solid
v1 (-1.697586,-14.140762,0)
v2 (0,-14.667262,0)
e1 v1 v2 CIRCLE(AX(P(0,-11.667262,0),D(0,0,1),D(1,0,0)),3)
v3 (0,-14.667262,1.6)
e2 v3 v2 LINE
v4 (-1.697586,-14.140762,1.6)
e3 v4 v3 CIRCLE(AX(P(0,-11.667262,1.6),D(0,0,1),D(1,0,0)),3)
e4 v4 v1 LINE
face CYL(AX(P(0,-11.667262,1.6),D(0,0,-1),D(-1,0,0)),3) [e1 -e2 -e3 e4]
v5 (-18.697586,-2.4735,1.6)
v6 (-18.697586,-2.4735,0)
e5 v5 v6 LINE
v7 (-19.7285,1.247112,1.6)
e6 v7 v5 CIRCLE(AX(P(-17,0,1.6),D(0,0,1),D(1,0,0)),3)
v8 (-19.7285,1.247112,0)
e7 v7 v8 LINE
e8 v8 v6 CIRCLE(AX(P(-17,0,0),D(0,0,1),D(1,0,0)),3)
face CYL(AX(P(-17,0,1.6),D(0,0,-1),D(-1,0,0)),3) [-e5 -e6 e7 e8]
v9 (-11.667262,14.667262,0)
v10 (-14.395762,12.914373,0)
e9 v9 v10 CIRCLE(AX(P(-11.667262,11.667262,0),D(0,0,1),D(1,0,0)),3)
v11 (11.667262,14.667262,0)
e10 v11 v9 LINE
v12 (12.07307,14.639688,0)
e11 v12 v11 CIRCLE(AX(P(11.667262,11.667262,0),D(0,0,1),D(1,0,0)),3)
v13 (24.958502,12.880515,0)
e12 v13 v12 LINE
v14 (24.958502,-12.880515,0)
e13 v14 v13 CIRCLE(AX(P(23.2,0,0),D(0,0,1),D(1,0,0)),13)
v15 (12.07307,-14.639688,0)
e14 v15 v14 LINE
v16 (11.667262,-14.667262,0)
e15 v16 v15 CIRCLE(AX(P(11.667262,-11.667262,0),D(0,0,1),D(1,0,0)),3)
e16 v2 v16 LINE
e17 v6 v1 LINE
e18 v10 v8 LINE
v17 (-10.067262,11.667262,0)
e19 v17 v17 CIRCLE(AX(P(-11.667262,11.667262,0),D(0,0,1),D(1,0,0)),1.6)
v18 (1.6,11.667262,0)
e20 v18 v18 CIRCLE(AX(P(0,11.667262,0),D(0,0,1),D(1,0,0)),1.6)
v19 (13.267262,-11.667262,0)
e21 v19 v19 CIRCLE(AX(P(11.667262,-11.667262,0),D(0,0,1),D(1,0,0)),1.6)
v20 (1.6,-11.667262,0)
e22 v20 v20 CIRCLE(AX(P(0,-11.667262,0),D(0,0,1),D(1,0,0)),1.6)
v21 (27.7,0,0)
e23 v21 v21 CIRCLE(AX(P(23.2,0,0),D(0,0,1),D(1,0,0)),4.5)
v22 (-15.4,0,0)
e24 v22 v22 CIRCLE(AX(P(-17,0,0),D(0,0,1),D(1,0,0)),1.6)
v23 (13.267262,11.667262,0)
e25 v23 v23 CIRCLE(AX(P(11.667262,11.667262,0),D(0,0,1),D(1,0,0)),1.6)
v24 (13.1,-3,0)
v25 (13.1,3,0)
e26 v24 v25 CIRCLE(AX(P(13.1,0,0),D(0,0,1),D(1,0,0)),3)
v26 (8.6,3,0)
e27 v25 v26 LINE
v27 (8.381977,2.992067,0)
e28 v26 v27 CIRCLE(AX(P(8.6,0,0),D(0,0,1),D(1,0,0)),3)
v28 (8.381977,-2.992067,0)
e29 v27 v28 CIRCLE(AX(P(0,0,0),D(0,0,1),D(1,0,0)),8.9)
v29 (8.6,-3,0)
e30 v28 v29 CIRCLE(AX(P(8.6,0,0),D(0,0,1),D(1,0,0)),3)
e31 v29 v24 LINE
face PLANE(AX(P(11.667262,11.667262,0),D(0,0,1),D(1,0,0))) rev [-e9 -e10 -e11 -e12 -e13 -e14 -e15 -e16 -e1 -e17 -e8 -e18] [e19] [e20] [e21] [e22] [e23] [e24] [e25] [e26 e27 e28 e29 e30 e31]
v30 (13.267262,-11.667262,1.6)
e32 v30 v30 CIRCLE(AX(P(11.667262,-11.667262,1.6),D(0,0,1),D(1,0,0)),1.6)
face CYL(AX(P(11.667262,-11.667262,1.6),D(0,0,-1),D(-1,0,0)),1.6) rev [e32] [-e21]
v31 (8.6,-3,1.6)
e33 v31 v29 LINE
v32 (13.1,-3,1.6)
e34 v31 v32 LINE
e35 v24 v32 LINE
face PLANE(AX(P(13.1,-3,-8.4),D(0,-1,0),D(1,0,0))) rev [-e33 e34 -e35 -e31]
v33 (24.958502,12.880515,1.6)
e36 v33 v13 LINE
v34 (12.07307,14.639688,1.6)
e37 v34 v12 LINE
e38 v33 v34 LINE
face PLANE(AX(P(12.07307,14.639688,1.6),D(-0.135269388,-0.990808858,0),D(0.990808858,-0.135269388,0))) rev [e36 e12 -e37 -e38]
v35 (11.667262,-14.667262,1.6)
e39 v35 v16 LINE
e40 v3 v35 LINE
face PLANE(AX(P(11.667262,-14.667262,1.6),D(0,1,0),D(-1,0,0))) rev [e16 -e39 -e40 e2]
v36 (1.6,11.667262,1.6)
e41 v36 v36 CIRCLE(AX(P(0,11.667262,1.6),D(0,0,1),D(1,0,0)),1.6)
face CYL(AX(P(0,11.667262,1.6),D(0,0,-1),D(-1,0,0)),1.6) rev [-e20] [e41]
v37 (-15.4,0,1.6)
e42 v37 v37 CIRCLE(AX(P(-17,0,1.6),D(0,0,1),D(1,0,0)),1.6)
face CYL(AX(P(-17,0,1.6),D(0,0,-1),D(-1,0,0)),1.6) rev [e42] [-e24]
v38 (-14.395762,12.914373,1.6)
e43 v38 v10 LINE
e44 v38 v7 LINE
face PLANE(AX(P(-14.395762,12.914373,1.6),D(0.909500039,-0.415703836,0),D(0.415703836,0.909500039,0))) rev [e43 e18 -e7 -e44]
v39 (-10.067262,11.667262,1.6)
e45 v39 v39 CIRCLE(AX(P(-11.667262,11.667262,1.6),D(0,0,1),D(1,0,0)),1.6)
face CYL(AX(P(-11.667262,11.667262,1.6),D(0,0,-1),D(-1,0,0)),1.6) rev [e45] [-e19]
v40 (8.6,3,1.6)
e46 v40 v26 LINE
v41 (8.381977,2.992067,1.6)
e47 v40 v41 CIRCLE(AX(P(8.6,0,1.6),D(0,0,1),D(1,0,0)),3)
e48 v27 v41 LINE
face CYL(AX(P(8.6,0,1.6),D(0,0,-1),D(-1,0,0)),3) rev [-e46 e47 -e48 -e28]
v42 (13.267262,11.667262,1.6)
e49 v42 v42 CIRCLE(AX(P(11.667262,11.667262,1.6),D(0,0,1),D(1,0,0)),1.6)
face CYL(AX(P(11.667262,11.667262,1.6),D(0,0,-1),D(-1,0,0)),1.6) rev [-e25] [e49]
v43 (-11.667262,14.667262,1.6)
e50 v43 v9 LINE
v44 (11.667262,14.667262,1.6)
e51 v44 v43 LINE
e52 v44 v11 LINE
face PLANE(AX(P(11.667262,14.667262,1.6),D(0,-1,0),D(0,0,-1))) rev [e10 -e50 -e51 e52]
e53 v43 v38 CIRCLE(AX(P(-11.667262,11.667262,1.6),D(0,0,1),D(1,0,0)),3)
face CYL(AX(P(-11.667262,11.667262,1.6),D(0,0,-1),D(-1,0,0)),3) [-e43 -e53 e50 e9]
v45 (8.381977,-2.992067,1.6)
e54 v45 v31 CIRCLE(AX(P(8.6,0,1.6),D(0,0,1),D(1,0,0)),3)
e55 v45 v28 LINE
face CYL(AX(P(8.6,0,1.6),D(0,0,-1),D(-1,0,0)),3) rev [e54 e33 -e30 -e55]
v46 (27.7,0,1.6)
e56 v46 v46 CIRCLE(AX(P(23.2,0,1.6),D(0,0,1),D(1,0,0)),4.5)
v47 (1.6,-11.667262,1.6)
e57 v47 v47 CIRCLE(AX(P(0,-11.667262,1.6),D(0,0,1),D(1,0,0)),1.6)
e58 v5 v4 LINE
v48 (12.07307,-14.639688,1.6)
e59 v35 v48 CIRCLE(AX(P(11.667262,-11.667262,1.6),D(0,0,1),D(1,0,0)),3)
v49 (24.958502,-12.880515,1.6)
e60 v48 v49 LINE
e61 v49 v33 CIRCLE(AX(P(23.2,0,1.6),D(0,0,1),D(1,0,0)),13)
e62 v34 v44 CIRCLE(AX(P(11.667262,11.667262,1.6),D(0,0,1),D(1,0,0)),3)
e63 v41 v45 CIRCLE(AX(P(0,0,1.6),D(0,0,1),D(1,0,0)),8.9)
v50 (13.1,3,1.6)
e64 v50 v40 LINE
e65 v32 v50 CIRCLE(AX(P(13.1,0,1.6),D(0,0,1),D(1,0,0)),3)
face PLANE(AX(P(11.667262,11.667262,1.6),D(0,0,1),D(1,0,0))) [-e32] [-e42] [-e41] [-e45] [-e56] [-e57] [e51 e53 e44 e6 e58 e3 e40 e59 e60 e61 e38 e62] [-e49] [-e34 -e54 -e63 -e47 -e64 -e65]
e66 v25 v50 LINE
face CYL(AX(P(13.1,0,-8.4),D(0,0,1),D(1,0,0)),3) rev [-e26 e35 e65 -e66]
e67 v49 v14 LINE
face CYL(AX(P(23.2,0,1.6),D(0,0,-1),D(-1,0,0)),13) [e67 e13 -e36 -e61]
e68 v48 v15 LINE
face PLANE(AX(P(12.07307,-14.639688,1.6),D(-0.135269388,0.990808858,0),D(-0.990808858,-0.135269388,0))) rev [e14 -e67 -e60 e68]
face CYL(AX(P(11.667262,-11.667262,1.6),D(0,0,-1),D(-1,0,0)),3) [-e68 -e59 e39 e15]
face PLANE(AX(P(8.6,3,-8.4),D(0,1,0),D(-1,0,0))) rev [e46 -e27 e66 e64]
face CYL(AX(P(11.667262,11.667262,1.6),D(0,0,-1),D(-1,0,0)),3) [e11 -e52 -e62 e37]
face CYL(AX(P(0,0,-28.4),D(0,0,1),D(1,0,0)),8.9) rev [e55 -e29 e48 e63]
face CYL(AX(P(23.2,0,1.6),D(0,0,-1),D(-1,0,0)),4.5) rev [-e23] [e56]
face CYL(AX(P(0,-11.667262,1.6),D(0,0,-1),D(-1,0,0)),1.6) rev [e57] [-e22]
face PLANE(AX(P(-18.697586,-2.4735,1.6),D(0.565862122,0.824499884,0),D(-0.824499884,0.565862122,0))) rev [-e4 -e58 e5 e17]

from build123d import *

# Parameters (mm, degrees)
SKETCH1_R           = 3
SKETCH1_R_2         = 4.5
SKETCH1_R_3         = 1.6
BOSS_EXTRUDE3_DEPTH = 1.6
CUT_EXTRUDE1_DEPTH  = 10
SKETCH3_R           = 8.9
CUT_EXTRUDE2_DEPTH  = 30


with BuildPart() as part:
    # Sketch1 → Boss-Extrude3 (new body)
    with BuildSketch(Plane.XY):
        with BuildLine():
            Line((12.073070054, 14.639688463), (24.958502044, 12.880515151))
            ThreePointArc((24.958502044, 12.880515151), (36.2, 0), (24.958502044, -12.880515151))
            Line((24.958502044, -12.880515151), (12.073070054, -14.639688463))
            ThreePointArc((12.073070054, -14.639688463), (11.870633815, -14.660360595), (11.66726189, -14.66726189))
            Line((11.66726189, -14.66726189), (0, -14.66726189))
            ThreePointArc((0, -14.66726189), (-0.888679088, -14.53261518), (-1.697586366, -14.140761542))
            Line((-1.697586366, -14.140761542), (-18.697586366, -2.473499652))
            ThreePointArc((-18.697586366, -2.473499652), (-19.891071988, -0.801063519), (-19.728500117, 1.247111507))
            Line((-19.728500117, 1.247111507), (-14.395762007, 12.914373397))
            ThreePointArc((-14.395762007, 12.914373397), (-13.288783625, 14.191279968), (-11.66726189, 14.66726189))
            Line((-11.66726189, 14.66726189), (11.66726189, 14.66726189))
            ThreePointArc((11.66726189, 14.66726189), (11.870633815, 14.660360595), (12.073070054, 14.639688463))
        make_face()
        Circle(SKETCH1_R, mode=Mode.SUBTRACT)
        with Locations((23.2, 0)):
            Circle(SKETCH1_R_2, mode=Mode.SUBTRACT)
        with Locations((8.6, 0)):
            Circle(SKETCH1_R, mode=Mode.SUBTRACT)
        with Locations((-17, 0)):
            Circle(SKETCH1_R_3, mode=Mode.SUBTRACT)
        with Locations((0, -11.66726189)):
            Circle(SKETCH1_R_3, mode=Mode.SUBTRACT)
        with Locations((11.66726189, -11.66726189)):
            Circle(SKETCH1_R_3, mode=Mode.SUBTRACT)
        with Locations((-11.66726189, 11.66726189)):
            Circle(SKETCH1_R_3, mode=Mode.SUBTRACT)
        with Locations((0, 11.66726189)):
            Circle(SKETCH1_R_3, mode=Mode.SUBTRACT)
        with Locations((11.66726189, 11.66726189)):
            Circle(SKETCH1_R_3, mode=Mode.SUBTRACT)
    extrude(amount=BOSS_EXTRUDE3_DEPTH)

    # Sketch2 → Cut-Extrude1 (cut)
    with BuildSketch(Plane.XY.offset(1.6)):
        with BuildLine():
            Line((8.6, 3), (13.1, 3))
            ThreePointArc((13.1, 3), (16.1, 0), (13.1, -3))
            Line((13.1, -3), (8.6, -3))
            ThreePointArc((8.6, -3), (5.6, 0), (8.6, 3))
        make_face()
    extrude(amount=-CUT_EXTRUDE1_DEPTH, mode=Mode.SUBTRACT)

    # Sketch3 → Cut-Extrude2 (cut)
    with BuildSketch(Plane.XY.offset(1.6)):
        Circle(SKETCH3_R)
    extrude(amount=-CUT_EXTRUDE2_DEPTH, mode=Mode.SUBTRACT)


solid = part.part
